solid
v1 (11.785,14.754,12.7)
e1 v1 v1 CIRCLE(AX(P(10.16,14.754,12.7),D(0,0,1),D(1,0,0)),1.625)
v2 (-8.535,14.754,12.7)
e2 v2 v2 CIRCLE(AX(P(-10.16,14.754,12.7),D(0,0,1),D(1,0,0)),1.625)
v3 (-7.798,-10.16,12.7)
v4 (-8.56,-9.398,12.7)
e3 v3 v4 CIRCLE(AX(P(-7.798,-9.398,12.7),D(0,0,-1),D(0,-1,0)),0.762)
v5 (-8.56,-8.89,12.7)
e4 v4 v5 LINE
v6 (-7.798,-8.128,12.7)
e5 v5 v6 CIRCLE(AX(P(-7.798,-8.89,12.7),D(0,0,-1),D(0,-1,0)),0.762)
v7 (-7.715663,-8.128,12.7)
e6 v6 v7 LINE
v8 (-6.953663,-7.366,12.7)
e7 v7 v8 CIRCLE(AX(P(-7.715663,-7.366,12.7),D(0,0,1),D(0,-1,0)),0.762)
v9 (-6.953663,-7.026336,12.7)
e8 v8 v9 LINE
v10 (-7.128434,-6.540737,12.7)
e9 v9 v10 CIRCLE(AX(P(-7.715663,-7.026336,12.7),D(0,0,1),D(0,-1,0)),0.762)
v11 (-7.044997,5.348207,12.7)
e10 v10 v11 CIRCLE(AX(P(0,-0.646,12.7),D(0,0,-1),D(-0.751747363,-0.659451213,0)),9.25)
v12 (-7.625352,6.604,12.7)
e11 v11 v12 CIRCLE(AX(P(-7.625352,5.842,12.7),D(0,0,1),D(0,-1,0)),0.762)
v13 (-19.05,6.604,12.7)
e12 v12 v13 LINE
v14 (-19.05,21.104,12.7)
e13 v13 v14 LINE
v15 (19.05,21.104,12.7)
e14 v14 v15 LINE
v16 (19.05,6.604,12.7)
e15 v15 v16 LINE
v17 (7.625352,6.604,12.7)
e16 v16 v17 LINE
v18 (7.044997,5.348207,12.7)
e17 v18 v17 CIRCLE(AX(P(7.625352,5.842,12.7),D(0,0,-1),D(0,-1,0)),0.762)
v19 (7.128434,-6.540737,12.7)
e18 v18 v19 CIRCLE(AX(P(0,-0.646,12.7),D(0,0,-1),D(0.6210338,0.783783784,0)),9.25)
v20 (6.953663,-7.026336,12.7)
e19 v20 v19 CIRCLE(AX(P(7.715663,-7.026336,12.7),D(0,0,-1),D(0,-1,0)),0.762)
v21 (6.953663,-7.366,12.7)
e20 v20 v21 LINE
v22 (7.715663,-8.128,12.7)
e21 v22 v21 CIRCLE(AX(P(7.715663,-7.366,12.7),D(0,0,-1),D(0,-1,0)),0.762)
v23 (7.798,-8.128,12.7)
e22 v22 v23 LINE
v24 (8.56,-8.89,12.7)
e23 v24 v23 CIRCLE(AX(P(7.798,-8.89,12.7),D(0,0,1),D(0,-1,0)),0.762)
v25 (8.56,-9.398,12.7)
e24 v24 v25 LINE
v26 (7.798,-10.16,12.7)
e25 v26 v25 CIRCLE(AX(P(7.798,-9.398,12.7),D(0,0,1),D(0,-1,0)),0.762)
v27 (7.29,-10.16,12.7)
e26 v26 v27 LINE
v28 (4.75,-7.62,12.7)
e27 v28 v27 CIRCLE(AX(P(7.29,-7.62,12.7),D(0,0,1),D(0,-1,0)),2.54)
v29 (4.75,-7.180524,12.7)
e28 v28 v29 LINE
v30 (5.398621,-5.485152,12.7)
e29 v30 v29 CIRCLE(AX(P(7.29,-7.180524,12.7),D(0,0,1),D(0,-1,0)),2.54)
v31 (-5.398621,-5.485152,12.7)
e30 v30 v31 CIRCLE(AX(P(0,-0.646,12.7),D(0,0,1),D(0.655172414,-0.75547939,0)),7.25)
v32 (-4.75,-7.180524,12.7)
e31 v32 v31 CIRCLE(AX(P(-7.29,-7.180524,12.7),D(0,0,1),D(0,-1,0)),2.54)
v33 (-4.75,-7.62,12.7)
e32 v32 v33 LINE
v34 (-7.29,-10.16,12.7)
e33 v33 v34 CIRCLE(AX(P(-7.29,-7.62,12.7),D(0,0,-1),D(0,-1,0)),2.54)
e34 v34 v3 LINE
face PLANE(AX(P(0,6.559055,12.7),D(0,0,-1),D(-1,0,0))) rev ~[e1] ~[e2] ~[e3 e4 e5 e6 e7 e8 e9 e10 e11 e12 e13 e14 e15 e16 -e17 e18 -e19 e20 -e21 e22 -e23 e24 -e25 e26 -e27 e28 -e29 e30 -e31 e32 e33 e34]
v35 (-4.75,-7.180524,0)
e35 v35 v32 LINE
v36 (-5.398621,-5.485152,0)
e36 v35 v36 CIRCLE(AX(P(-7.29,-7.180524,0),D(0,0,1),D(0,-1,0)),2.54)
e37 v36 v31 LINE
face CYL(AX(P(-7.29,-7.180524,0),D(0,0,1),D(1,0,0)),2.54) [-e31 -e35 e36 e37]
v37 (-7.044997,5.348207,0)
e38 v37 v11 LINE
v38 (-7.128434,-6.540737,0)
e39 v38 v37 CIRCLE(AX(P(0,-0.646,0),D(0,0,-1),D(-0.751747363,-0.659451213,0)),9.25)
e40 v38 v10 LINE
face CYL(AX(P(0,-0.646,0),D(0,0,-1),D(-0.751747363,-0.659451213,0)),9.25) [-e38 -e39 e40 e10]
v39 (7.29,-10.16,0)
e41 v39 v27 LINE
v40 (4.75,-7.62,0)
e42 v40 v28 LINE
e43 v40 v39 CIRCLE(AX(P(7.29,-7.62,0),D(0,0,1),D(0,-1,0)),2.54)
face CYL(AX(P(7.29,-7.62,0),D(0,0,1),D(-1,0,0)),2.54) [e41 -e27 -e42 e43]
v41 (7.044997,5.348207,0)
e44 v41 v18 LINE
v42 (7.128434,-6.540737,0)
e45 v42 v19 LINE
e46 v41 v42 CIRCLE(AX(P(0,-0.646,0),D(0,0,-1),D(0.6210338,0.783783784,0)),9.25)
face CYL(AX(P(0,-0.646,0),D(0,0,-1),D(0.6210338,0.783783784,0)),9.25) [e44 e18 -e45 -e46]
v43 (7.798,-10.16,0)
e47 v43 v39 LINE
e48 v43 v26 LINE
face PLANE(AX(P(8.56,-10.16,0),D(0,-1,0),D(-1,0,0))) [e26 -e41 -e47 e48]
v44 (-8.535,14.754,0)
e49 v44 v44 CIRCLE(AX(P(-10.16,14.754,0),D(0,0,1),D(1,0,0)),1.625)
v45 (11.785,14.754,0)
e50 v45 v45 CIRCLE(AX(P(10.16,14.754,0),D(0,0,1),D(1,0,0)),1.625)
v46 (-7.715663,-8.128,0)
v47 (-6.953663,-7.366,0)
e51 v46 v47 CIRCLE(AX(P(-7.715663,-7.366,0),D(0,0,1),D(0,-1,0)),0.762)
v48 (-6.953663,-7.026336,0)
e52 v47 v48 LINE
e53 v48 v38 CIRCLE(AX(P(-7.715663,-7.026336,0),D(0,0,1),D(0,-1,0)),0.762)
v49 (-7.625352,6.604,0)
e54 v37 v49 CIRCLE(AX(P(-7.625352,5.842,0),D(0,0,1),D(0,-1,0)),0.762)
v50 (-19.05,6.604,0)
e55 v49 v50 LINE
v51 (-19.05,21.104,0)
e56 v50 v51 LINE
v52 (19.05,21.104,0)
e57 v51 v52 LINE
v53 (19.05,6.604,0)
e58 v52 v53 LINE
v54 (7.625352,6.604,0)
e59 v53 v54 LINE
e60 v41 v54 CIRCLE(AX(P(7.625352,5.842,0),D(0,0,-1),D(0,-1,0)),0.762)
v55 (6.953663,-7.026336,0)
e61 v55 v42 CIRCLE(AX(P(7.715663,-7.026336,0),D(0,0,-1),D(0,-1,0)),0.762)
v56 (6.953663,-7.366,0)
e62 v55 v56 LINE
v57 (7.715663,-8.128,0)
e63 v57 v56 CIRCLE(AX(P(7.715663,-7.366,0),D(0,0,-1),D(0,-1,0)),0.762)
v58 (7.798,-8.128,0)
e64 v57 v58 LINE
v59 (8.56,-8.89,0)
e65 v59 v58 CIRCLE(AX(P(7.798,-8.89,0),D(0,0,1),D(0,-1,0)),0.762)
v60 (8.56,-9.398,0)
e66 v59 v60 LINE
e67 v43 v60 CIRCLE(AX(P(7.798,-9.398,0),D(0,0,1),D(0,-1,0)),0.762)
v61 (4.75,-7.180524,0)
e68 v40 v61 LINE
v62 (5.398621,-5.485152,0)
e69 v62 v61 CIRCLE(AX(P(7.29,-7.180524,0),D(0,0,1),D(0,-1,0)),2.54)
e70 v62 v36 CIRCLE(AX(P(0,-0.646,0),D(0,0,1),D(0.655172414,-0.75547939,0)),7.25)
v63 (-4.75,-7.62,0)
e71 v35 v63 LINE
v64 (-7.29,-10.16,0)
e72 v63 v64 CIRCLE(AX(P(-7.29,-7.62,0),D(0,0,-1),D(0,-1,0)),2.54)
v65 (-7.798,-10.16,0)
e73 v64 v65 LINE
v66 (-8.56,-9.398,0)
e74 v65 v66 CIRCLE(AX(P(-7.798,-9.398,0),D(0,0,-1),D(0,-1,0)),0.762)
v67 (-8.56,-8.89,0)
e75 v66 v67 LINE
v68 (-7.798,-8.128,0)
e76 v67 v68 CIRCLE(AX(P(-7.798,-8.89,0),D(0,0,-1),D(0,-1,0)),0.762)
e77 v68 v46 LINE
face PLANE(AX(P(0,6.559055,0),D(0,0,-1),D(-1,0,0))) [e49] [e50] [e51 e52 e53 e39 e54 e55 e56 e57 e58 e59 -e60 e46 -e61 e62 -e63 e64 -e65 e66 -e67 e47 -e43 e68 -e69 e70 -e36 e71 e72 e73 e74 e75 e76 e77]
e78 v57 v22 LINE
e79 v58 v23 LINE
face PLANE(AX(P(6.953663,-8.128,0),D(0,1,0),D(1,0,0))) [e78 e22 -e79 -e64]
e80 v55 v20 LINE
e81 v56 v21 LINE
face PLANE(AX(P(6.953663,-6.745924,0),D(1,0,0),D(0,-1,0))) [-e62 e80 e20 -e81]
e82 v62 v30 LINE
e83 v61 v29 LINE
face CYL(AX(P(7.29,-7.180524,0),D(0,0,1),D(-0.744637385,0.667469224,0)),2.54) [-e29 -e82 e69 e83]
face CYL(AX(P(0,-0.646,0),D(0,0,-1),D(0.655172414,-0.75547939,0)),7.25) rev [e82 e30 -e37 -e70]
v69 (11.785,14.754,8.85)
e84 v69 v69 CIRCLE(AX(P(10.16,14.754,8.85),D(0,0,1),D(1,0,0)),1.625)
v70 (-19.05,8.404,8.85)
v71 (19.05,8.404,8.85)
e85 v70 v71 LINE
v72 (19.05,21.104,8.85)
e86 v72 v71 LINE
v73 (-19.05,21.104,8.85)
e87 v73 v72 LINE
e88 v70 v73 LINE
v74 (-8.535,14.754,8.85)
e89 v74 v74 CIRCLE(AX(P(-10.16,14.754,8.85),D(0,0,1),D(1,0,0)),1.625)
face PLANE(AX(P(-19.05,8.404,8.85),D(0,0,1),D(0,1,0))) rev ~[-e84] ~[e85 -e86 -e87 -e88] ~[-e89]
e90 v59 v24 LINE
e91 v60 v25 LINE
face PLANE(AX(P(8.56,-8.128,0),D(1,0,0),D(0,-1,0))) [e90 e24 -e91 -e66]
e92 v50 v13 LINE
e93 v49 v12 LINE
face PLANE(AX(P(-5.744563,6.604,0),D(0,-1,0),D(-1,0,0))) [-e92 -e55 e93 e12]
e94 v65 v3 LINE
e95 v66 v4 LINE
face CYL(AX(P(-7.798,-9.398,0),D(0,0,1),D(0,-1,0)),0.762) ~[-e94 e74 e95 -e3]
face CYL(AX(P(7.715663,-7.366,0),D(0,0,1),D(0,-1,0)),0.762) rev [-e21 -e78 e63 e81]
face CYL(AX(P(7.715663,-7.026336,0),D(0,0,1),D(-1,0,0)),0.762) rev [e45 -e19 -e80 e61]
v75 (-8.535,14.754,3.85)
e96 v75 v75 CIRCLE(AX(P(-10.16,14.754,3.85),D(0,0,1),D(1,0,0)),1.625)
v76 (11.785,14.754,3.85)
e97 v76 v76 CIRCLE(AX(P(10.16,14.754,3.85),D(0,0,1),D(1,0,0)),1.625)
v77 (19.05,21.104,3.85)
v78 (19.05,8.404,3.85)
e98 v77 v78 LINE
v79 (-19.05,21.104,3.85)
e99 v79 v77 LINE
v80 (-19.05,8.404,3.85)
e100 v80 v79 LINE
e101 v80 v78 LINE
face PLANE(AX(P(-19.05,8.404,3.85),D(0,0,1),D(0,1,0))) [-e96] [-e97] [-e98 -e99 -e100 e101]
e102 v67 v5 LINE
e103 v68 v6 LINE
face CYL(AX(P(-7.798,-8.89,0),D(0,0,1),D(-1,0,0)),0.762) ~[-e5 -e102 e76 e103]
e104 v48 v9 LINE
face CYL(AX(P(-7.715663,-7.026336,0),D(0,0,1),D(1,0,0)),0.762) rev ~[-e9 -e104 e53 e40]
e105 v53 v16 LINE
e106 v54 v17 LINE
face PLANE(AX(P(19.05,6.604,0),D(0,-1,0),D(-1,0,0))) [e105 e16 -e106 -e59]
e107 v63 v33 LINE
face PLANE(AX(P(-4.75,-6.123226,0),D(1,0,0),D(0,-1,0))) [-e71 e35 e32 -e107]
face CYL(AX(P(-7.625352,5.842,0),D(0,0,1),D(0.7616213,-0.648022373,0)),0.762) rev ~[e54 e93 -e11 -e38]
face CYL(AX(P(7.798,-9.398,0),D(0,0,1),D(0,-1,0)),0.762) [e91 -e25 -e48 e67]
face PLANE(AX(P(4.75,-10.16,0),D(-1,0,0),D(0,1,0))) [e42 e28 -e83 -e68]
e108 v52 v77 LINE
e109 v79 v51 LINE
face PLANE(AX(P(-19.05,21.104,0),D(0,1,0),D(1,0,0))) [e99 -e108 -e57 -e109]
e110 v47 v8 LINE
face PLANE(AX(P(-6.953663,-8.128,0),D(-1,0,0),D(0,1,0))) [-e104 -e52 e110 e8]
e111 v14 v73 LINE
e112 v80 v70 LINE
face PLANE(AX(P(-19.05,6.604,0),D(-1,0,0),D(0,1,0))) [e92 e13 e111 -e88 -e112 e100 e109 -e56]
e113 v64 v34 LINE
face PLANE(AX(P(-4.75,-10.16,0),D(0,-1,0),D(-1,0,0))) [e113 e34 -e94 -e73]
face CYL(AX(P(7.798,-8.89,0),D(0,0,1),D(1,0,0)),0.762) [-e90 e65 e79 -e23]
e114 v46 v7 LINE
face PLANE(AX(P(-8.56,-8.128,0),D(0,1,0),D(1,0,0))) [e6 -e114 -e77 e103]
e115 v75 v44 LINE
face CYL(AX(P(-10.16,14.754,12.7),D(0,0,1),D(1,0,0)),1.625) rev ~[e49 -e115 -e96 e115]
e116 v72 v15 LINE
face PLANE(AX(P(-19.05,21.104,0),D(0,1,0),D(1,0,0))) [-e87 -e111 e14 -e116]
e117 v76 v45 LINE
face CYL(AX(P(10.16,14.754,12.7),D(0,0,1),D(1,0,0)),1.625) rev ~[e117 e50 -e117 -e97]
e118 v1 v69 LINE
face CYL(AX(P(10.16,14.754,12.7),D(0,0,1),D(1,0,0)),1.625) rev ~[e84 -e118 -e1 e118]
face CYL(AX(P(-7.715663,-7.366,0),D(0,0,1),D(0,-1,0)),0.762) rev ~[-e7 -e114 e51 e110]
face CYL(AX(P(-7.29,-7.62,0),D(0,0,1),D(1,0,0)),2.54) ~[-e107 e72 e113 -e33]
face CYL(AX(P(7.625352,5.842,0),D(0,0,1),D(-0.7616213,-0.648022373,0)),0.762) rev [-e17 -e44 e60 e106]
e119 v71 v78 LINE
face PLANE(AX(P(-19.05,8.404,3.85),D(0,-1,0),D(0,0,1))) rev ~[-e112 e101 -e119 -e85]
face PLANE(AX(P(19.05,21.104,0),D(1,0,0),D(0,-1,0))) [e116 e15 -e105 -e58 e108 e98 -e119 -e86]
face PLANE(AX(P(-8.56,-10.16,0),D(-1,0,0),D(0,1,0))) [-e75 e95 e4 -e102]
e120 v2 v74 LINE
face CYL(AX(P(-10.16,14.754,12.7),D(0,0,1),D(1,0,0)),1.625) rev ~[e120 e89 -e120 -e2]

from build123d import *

# Parameters (mm, degrees)
BOSS_EXTRUDE1_DEPTH     = 12.7
SKETCH5_W               = 5
SKETCH5_H               = 12.7
CUT_EXTRUDE2_DEPTH      = 1
CUT_EXTRUDE2_DEPTH_BACK = 39.1
SKETCH6_R               = 1.625
CUT_EXTRUDE3_DEPTH      = 13.7
FILLET1_R               = 2.54
FILLET2_R               = 0.762


with BuildPart() as part:
    # Sketch1 → Boss-Extrude1 (new body)
    with BuildSketch(Plane.XY):
        with BuildLine():
            Line((-4.75, -6.123225575), (-4.75, -10.16))
            Line((-4.75, -10.16), (-8.56, -10.16))
            Line((-8.56, -10.16), (-8.56, -8.128))
            Line((-8.56, -8.128), (-6.953663109, -8.128))
            Line((-6.953663109, -8.128), (-6.953663109, -6.745923719))
            ThreePointArc((-6.953663109, -6.745923719), (-9.212293425, 0.188355946), (-5.744562647, 6.604))
            Line((-5.744562647, 6.604), (-19.05, 6.604))
            Line((-19.05, 6.604), (-19.05, 21.104))
            Line((-19.05, 21.104), (19.05, 21.104))
            Line((19.05, 21.104), (19.05, 6.604))
            Line((19.05, 6.604), (5.744562647, 6.604))
            ThreePointArc((5.744562647, 6.604), (9.212293425, 0.188355946), (6.953663109, -6.745923719))
            Line((6.953663109, -6.745923719), (6.953663109, -8.128))
            Line((6.953663109, -8.128), (8.56, -8.128))
            Line((8.56, -8.128), (8.56, -10.16))
            Line((8.56, -10.16), (4.75, -10.16))
            Line((4.75, -10.16), (4.75, -6.123225575))
            ThreePointArc((4.75, -6.123225575), (0, 6.604), (-4.75, -6.123225575))
        make_face()
    extrude(amount=BOSS_EXTRUDE1_DEPTH)

    # Sketch5 → Cut-Extrude2 (cut, two sides)
    with BuildSketch(Plane.ZY.offset(19.05)) as cut_extrude2_sk:
        with Locations((6.35, 14.754)):
            Rectangle(SKETCH5_W, SKETCH5_H)
    extrude(amount=CUT_EXTRUDE2_DEPTH, mode=Mode.SUBTRACT)
    extrude(cut_extrude2_sk.sketch, amount=-CUT_EXTRUDE2_DEPTH_BACK, mode=Mode.SUBTRACT)

    # Sketch6 → Cut-Extrude3 (cut, through all)
    with BuildSketch(Plane.XY.offset(12.7)):
        with Locations((-10.16, 14.754)):
            Circle(SKETCH6_R)
        with Locations((10.16, 14.754)):
            Circle(SKETCH6_R)
    extrude(amount=-CUT_EXTRUDE3_DEPTH, mode=Mode.SUBTRACT)

    # Fillet1
    fillet1_edges = [part.edges().sort_by_distance(p)[0] for p in [
        (4.75, -10.16, 6.35),
        (4.75, -6.123225575, 6.35),
        (-4.75, -6.123225575, 6.35),
        (-4.75, -10.16, 6.35),
    ]]
    fillet(fillet1_edges, radius=FILLET1_R)

    # Fillet2
    fillet2_edges = [part.edges().sort_by_distance(p)[0] for p in [
        (-8.56, -8.128, 6.35),
        (-6.953663109, -8.128, 6.35),
        (-6.953663109, -6.745923719, 6.35),
        (-5.744562647, 6.604, 6.35),
        (5.744562647, 6.604, 6.35),
        (6.953663109, -6.745923719, 6.35),
        (6.953663109, -8.128, 6.35),
        (8.56, -8.128, 6.35),
        (8.56, -10.16, 6.35),
        (-8.56, -10.16, 6.35),
    ]]
    fillet(fillet2_edges, radius=FILLET2_R)


solid = part.part
